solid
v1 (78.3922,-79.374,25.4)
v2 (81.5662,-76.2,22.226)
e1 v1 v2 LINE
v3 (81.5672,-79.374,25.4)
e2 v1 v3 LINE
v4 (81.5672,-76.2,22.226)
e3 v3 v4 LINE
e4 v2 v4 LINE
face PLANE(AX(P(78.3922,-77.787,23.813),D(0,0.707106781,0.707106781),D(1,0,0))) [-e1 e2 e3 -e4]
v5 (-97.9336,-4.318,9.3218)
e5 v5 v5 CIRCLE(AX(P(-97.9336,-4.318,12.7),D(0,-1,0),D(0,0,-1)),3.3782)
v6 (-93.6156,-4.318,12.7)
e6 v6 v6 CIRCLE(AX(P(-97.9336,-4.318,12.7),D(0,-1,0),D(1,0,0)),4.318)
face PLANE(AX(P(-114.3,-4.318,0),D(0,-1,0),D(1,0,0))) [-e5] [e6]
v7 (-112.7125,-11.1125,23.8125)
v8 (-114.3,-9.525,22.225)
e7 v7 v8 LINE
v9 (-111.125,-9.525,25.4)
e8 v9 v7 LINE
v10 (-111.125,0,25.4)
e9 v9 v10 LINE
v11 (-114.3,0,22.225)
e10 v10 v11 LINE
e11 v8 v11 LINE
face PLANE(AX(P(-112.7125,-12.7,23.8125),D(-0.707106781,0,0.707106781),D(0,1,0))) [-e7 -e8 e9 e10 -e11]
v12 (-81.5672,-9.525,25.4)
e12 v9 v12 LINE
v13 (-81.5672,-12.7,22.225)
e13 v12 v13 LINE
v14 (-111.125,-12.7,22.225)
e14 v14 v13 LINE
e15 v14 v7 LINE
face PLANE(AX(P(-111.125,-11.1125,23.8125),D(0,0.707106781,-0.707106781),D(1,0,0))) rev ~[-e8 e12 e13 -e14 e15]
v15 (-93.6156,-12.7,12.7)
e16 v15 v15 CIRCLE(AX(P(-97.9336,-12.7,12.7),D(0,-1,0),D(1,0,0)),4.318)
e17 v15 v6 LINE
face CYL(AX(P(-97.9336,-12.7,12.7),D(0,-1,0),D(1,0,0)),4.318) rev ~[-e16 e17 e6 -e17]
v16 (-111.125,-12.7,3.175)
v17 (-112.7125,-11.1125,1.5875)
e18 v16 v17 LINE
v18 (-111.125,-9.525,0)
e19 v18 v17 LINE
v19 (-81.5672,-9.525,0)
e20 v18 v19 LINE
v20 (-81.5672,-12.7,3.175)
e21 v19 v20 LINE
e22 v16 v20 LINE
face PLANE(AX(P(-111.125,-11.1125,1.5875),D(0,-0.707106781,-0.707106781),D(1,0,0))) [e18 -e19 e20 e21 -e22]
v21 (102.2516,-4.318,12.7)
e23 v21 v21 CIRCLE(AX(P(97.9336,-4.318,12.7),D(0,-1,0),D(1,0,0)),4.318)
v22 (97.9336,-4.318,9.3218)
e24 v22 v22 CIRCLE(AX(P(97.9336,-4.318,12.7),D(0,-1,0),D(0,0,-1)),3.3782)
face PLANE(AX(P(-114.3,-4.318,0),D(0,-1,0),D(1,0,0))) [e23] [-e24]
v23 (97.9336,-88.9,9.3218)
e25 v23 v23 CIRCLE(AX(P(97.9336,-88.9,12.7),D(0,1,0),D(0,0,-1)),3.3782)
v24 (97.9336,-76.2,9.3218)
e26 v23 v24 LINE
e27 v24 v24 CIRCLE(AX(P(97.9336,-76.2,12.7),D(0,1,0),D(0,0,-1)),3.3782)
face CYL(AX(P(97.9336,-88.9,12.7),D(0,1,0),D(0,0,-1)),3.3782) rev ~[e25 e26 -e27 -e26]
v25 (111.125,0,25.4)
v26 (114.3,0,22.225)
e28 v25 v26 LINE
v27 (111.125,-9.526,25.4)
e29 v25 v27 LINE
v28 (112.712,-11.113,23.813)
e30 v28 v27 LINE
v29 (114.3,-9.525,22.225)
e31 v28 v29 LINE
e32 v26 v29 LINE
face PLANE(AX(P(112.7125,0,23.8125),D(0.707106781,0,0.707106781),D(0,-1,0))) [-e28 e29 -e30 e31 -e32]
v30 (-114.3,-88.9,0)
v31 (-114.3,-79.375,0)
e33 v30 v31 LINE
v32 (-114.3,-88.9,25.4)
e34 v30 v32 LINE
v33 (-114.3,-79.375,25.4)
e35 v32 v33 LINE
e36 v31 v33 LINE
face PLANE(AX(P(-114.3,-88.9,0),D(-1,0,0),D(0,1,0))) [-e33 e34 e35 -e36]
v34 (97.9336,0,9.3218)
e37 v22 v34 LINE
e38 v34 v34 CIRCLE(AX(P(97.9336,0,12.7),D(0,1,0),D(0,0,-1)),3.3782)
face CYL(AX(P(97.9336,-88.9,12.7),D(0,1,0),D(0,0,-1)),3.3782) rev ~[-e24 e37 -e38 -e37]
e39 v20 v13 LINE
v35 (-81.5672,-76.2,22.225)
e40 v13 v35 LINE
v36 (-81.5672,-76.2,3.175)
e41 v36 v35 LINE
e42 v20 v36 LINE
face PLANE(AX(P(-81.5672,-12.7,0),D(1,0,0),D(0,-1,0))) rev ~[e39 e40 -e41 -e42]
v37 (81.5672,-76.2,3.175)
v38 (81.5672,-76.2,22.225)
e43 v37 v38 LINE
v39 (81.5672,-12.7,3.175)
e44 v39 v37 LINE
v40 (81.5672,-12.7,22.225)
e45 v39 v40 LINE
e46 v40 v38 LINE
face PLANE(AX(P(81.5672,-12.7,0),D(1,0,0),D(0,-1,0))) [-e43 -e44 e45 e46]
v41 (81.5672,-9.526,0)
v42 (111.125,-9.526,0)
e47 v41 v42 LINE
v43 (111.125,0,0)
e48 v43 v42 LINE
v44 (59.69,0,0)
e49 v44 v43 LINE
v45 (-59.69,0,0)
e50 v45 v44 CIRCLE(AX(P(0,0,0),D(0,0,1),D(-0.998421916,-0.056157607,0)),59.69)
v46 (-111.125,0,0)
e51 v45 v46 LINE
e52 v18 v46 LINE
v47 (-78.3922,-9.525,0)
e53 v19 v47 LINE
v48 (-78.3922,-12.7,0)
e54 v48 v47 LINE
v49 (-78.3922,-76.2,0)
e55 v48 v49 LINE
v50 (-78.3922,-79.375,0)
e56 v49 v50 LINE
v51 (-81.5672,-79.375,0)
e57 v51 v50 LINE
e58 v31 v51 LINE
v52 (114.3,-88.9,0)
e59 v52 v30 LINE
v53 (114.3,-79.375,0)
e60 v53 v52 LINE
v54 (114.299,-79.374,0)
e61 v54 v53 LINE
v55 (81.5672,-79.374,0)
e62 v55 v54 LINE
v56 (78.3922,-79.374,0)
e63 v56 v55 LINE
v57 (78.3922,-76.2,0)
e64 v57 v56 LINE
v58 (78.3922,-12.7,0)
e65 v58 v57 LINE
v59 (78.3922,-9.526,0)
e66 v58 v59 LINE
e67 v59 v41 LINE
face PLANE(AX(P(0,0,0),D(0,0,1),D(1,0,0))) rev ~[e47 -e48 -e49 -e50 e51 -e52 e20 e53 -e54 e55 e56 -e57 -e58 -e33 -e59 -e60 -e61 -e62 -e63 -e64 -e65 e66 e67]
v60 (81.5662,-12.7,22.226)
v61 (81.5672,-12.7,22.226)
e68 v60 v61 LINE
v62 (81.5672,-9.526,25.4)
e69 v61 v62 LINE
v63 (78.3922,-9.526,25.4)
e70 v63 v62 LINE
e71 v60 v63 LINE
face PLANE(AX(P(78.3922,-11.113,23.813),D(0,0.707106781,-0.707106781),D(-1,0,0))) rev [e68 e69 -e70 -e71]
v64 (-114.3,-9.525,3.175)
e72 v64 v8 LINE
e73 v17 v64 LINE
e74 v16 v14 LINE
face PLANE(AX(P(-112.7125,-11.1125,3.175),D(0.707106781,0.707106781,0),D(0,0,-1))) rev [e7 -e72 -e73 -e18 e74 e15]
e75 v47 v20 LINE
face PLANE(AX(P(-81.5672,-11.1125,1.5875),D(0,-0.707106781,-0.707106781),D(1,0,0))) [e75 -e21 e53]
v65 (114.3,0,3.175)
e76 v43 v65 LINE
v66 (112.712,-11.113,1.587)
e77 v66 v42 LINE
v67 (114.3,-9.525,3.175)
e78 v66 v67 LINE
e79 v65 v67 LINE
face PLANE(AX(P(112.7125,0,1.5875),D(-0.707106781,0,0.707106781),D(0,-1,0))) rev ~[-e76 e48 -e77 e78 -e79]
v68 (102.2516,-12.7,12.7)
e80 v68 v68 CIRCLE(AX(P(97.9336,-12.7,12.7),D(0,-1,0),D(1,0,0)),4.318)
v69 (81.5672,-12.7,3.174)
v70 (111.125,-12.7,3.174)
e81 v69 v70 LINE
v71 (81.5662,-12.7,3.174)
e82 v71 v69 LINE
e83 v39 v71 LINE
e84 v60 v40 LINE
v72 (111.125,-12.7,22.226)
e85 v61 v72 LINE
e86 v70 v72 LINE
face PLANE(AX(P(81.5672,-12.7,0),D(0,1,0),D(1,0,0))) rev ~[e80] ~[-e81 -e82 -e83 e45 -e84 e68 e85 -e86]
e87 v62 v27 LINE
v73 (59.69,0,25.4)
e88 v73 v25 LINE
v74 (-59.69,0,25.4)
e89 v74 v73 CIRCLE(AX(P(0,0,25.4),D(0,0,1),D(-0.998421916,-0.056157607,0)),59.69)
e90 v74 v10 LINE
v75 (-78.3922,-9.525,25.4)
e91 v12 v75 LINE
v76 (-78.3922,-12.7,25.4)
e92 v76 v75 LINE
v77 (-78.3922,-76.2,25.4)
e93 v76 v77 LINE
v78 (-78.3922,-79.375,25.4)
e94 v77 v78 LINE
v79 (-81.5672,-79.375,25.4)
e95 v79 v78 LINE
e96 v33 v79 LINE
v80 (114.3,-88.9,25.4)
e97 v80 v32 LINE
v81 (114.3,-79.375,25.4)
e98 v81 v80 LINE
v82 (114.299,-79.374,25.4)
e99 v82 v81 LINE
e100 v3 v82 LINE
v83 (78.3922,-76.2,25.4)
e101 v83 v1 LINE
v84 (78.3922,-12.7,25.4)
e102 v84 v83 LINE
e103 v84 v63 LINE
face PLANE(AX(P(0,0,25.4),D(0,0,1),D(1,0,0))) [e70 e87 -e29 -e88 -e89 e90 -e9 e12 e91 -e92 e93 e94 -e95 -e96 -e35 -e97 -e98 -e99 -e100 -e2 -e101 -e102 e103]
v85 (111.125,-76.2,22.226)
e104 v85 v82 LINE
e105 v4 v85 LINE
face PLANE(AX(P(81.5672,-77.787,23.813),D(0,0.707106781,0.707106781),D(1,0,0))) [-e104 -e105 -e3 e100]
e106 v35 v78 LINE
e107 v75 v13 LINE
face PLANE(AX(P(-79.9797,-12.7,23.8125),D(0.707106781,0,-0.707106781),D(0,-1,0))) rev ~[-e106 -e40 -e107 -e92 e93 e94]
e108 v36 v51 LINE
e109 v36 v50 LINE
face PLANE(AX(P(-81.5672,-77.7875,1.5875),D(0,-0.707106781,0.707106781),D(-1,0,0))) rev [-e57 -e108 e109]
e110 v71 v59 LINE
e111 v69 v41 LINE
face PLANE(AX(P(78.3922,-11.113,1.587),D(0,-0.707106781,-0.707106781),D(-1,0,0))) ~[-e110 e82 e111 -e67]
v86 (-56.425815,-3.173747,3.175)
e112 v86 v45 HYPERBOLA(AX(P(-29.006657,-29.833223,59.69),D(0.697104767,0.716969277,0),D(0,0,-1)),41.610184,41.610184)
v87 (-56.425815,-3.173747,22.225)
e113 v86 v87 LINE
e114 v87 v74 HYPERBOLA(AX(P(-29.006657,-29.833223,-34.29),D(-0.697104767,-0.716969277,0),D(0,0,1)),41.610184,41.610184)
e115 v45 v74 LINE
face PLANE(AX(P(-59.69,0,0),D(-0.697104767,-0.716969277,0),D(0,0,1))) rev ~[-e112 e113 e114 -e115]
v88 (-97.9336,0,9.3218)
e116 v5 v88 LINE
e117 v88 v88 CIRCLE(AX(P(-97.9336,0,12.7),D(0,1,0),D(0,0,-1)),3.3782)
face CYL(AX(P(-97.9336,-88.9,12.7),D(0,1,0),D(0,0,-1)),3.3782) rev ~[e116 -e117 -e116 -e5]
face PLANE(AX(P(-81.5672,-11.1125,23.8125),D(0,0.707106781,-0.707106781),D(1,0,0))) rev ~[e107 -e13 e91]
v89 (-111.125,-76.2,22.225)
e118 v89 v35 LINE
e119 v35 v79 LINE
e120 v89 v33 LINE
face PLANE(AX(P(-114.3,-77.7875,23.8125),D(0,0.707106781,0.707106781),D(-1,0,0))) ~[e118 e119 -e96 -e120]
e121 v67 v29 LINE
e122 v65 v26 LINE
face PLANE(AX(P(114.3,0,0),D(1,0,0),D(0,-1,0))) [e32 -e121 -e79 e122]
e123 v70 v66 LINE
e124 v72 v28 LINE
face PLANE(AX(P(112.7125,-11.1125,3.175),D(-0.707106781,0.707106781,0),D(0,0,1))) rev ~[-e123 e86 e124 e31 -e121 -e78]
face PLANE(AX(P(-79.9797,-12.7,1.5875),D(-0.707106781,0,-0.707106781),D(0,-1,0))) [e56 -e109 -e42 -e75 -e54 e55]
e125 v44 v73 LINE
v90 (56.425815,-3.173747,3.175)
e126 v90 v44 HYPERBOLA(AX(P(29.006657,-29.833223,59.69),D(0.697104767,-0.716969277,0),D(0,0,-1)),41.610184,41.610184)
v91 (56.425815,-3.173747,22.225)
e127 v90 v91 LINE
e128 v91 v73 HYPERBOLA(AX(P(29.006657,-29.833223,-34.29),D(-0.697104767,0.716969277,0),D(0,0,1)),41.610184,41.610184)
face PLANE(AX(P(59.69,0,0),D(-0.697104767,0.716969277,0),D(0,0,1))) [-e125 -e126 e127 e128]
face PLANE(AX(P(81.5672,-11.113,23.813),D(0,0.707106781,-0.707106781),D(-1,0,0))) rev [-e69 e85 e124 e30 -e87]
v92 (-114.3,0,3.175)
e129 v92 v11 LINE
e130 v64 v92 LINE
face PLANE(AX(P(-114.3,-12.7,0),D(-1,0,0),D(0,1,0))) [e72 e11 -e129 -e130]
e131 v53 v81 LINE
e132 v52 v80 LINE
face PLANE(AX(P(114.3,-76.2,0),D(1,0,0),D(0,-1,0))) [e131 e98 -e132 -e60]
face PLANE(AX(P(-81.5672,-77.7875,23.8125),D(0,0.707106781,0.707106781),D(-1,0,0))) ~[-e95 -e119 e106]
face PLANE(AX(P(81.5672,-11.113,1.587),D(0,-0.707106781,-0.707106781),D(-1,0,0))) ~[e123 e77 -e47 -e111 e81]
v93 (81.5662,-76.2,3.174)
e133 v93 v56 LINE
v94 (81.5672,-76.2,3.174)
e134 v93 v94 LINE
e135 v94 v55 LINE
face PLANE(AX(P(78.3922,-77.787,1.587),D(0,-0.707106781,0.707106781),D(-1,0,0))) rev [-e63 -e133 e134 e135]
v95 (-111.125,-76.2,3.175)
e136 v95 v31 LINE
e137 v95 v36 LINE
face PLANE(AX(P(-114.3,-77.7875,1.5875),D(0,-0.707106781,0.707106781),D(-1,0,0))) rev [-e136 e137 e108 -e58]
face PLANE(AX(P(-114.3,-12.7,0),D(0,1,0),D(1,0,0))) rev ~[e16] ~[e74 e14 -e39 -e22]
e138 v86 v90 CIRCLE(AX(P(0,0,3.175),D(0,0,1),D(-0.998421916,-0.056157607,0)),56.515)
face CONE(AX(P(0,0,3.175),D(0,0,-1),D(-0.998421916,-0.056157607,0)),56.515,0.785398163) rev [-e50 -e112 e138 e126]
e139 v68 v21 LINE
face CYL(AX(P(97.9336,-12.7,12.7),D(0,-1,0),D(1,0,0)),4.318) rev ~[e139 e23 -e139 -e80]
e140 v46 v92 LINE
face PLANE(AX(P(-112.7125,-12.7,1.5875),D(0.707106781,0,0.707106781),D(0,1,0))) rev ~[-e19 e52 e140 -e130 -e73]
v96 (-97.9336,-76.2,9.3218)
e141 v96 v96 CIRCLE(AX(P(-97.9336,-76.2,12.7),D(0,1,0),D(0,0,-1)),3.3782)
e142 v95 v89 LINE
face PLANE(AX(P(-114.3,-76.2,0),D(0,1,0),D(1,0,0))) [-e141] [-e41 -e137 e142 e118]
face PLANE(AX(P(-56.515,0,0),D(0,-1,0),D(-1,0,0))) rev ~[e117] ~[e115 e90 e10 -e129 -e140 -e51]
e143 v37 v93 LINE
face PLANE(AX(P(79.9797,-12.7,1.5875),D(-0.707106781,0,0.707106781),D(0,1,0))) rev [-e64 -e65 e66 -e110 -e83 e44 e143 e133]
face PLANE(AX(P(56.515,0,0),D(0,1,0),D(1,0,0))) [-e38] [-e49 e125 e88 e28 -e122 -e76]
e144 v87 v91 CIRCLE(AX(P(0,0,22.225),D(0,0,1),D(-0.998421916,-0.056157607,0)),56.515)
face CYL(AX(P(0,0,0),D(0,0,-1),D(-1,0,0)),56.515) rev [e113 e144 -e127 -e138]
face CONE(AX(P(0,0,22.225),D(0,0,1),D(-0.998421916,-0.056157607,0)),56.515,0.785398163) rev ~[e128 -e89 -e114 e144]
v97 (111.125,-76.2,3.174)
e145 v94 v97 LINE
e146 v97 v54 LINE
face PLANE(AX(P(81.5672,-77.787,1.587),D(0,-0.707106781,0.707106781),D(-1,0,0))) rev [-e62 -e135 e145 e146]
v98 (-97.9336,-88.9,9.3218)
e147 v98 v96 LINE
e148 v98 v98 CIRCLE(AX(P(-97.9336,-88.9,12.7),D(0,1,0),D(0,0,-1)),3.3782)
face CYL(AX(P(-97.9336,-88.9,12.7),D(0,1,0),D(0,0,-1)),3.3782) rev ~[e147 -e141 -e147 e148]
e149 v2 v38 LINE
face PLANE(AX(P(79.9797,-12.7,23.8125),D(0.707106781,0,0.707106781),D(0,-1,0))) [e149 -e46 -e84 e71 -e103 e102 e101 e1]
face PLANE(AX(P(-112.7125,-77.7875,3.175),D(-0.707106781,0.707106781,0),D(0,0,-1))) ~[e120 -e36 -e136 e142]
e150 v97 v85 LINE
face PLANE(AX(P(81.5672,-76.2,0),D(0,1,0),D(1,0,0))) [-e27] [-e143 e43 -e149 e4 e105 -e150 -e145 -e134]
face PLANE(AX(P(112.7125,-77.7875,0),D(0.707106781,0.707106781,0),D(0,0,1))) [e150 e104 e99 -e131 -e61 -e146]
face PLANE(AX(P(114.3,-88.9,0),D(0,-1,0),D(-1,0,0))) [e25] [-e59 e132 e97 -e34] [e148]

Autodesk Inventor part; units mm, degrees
ref_plane "YZ Plane" through (0, 0, 0) normal (1, 0, 0) x (0, 1, 0)
ref_plane "XZ Plane" through (0, 0, 0) normal (0, 1, 0) x (-1, 0, 0)
ref_plane "XY Plane" through (0, 0, 0) normal (0, 0, 1) x (1, 0, 0)
sketch "Sketch1" plane through (0, 0, 0) normal (0, 0, 1) x (1, 0, 0)
  arc A0 (-56.515, 0) -> (56.515, 0) centre (0, 0) ccw
  line L0 (114.3, -88.9) -> (-114.3, -88.9)
  line L1 (-114.3, 88.9) -> (114.3, 88.9) construction
  line L2 (-56.515, 0) -> (-114.3, 0)
  line L3 (-114.3, -76.2) -> (-81.5672, -76.2)
  line L4 (81.5672, -76.2) -> (114.3, -76.2)
  line L5 (114.3, 0) -> (114.3, -12.7)
  line L6 (114.3, -76.2) -> (114.3, -88.9)
  line L7 (-114.3, -88.9) -> (-114.3, -76.2)
  line L8 (-114.3, -12.7) -> (-114.3, 0)
  line L9 (-114.3, 0) -> (-56.515, 0)
  line L10 (56.515, 0) -> (114.3, 0)
  line L11 (-114.3, -12.7) -> (-81.5672, -12.7)
  line L12 (81.5672, -12.7) -> (114.3, -12.7)
  line L13 (-81.5672, -12.7) -> (-81.5672, -76.2)
  line L14 (81.5672, -12.7) -> (81.5672, -76.2)
  dimension "d0" = 113.03
  dimension "d7" = 57.785
extrude "Extrusion1" add sketch "Sketch1" along normal blind 25.4
sketch "Sketch2" plane through (81.5672, -12.7, 0) normal (0, -1, 0) x (1, 0, 0)
  line L0 (32.7328, 0) -> (0, 25.4) construction
  line L1 (-195.8672, 0) -> (-195.8672, 25.4) projected
  line L2 (-195.8672, 25.4) -> (-163.1345, 0) construction
  point P0 (-81.5672, 0)
  point P1 (-179.5008, 12.7)
  point P2 (16.3664, 12.7)
hole "Hole1" at (-97.9336, -12.7, 12.7) at (97.9336, -12.7, 12.7) direction (0, -1, 0) diameter 6.604 end through all clearance for "Flat Head Machine Screw" size "M6" standard "Ansi Metric M Profile"
sketch "Sketch3" plane through (-114.3, -88.9, 0) normal (0, -1, 0) x (1, 0, 0)
  circle A0 centre (212.2336, 12.7) radius 3.302 projected
  circle A1 centre (16.3664, 12.7) radius 3.302 projected
  point P0 (114.3, 0)
hole "Hole2" at (97.9336, -88.9, 12.7) at (-97.9336, -88.9, 12.7) direction (0, 1, 0) diameter 6.7564 end through all clearance for "Flat Head Machine Screw (82)" size "1/4" standard "Ansi Unified Screw Threads"
sketch "Sketch4" plane through (-114.3, -12.7, 0) normal (0, -1, 0) x (1, 0, 0)
  circle A0 centre (16.3664, 12.7) radius 3.3782 projected
  circle A1 centre (16.3664, 12.7) radius 4.318
  circle A2 centre (212.2336, 12.7) radius 3.3782 projected
  circle A3 centre (212.2336, 12.7) radius 4.318
  point P0 (114.3, 0)
  dimension "d26" = 8.636
  dimension "d27" = 8.636
extrude "Extrusion2" cut sketch "Sketch4" against normal blind 8.382
chamfer "Chamfer1" distance 3.175 angle 45 6 edges at (-56.515, 0, 12.7) (56.515, 0, 12.7) (-114.3, -6.35, 25.4) (-114.3, -6.35, 0) (114.3, -6.35, 25.4) (114.3, -6.35, 0)
chamfer "Chamfer2" distance 3.175 angle 45 18 edges at (0, -56.515, 25.4) (0, -56.515, 0) (-81.5672, -44.45, 25.4) (-96.3461, -12.7, 25.4) (-81.5672, -44.45, 0) (-96.3461, -12.7, 0) (-114.3, -12.7, 12.7) (-97.9336, -76.2, 25.4) (-97.9336, -76.2, 0) (-114.3, -76.2, 12.7) (81.5672, -44.45, 25.4) (81.5672, -44.45, 0) (96.3461, -12.7, 25.4) (114.3, -12.7, 12.7) (96.3461, -12.7, 0) (97.9336, -76.2, 25.4) (114.3, -76.2, 12.7) (97.9336, -76.2, 0)
properties part number "2121_Copper Tube Clamp Bottom_V1" material "ABS Plastic"
